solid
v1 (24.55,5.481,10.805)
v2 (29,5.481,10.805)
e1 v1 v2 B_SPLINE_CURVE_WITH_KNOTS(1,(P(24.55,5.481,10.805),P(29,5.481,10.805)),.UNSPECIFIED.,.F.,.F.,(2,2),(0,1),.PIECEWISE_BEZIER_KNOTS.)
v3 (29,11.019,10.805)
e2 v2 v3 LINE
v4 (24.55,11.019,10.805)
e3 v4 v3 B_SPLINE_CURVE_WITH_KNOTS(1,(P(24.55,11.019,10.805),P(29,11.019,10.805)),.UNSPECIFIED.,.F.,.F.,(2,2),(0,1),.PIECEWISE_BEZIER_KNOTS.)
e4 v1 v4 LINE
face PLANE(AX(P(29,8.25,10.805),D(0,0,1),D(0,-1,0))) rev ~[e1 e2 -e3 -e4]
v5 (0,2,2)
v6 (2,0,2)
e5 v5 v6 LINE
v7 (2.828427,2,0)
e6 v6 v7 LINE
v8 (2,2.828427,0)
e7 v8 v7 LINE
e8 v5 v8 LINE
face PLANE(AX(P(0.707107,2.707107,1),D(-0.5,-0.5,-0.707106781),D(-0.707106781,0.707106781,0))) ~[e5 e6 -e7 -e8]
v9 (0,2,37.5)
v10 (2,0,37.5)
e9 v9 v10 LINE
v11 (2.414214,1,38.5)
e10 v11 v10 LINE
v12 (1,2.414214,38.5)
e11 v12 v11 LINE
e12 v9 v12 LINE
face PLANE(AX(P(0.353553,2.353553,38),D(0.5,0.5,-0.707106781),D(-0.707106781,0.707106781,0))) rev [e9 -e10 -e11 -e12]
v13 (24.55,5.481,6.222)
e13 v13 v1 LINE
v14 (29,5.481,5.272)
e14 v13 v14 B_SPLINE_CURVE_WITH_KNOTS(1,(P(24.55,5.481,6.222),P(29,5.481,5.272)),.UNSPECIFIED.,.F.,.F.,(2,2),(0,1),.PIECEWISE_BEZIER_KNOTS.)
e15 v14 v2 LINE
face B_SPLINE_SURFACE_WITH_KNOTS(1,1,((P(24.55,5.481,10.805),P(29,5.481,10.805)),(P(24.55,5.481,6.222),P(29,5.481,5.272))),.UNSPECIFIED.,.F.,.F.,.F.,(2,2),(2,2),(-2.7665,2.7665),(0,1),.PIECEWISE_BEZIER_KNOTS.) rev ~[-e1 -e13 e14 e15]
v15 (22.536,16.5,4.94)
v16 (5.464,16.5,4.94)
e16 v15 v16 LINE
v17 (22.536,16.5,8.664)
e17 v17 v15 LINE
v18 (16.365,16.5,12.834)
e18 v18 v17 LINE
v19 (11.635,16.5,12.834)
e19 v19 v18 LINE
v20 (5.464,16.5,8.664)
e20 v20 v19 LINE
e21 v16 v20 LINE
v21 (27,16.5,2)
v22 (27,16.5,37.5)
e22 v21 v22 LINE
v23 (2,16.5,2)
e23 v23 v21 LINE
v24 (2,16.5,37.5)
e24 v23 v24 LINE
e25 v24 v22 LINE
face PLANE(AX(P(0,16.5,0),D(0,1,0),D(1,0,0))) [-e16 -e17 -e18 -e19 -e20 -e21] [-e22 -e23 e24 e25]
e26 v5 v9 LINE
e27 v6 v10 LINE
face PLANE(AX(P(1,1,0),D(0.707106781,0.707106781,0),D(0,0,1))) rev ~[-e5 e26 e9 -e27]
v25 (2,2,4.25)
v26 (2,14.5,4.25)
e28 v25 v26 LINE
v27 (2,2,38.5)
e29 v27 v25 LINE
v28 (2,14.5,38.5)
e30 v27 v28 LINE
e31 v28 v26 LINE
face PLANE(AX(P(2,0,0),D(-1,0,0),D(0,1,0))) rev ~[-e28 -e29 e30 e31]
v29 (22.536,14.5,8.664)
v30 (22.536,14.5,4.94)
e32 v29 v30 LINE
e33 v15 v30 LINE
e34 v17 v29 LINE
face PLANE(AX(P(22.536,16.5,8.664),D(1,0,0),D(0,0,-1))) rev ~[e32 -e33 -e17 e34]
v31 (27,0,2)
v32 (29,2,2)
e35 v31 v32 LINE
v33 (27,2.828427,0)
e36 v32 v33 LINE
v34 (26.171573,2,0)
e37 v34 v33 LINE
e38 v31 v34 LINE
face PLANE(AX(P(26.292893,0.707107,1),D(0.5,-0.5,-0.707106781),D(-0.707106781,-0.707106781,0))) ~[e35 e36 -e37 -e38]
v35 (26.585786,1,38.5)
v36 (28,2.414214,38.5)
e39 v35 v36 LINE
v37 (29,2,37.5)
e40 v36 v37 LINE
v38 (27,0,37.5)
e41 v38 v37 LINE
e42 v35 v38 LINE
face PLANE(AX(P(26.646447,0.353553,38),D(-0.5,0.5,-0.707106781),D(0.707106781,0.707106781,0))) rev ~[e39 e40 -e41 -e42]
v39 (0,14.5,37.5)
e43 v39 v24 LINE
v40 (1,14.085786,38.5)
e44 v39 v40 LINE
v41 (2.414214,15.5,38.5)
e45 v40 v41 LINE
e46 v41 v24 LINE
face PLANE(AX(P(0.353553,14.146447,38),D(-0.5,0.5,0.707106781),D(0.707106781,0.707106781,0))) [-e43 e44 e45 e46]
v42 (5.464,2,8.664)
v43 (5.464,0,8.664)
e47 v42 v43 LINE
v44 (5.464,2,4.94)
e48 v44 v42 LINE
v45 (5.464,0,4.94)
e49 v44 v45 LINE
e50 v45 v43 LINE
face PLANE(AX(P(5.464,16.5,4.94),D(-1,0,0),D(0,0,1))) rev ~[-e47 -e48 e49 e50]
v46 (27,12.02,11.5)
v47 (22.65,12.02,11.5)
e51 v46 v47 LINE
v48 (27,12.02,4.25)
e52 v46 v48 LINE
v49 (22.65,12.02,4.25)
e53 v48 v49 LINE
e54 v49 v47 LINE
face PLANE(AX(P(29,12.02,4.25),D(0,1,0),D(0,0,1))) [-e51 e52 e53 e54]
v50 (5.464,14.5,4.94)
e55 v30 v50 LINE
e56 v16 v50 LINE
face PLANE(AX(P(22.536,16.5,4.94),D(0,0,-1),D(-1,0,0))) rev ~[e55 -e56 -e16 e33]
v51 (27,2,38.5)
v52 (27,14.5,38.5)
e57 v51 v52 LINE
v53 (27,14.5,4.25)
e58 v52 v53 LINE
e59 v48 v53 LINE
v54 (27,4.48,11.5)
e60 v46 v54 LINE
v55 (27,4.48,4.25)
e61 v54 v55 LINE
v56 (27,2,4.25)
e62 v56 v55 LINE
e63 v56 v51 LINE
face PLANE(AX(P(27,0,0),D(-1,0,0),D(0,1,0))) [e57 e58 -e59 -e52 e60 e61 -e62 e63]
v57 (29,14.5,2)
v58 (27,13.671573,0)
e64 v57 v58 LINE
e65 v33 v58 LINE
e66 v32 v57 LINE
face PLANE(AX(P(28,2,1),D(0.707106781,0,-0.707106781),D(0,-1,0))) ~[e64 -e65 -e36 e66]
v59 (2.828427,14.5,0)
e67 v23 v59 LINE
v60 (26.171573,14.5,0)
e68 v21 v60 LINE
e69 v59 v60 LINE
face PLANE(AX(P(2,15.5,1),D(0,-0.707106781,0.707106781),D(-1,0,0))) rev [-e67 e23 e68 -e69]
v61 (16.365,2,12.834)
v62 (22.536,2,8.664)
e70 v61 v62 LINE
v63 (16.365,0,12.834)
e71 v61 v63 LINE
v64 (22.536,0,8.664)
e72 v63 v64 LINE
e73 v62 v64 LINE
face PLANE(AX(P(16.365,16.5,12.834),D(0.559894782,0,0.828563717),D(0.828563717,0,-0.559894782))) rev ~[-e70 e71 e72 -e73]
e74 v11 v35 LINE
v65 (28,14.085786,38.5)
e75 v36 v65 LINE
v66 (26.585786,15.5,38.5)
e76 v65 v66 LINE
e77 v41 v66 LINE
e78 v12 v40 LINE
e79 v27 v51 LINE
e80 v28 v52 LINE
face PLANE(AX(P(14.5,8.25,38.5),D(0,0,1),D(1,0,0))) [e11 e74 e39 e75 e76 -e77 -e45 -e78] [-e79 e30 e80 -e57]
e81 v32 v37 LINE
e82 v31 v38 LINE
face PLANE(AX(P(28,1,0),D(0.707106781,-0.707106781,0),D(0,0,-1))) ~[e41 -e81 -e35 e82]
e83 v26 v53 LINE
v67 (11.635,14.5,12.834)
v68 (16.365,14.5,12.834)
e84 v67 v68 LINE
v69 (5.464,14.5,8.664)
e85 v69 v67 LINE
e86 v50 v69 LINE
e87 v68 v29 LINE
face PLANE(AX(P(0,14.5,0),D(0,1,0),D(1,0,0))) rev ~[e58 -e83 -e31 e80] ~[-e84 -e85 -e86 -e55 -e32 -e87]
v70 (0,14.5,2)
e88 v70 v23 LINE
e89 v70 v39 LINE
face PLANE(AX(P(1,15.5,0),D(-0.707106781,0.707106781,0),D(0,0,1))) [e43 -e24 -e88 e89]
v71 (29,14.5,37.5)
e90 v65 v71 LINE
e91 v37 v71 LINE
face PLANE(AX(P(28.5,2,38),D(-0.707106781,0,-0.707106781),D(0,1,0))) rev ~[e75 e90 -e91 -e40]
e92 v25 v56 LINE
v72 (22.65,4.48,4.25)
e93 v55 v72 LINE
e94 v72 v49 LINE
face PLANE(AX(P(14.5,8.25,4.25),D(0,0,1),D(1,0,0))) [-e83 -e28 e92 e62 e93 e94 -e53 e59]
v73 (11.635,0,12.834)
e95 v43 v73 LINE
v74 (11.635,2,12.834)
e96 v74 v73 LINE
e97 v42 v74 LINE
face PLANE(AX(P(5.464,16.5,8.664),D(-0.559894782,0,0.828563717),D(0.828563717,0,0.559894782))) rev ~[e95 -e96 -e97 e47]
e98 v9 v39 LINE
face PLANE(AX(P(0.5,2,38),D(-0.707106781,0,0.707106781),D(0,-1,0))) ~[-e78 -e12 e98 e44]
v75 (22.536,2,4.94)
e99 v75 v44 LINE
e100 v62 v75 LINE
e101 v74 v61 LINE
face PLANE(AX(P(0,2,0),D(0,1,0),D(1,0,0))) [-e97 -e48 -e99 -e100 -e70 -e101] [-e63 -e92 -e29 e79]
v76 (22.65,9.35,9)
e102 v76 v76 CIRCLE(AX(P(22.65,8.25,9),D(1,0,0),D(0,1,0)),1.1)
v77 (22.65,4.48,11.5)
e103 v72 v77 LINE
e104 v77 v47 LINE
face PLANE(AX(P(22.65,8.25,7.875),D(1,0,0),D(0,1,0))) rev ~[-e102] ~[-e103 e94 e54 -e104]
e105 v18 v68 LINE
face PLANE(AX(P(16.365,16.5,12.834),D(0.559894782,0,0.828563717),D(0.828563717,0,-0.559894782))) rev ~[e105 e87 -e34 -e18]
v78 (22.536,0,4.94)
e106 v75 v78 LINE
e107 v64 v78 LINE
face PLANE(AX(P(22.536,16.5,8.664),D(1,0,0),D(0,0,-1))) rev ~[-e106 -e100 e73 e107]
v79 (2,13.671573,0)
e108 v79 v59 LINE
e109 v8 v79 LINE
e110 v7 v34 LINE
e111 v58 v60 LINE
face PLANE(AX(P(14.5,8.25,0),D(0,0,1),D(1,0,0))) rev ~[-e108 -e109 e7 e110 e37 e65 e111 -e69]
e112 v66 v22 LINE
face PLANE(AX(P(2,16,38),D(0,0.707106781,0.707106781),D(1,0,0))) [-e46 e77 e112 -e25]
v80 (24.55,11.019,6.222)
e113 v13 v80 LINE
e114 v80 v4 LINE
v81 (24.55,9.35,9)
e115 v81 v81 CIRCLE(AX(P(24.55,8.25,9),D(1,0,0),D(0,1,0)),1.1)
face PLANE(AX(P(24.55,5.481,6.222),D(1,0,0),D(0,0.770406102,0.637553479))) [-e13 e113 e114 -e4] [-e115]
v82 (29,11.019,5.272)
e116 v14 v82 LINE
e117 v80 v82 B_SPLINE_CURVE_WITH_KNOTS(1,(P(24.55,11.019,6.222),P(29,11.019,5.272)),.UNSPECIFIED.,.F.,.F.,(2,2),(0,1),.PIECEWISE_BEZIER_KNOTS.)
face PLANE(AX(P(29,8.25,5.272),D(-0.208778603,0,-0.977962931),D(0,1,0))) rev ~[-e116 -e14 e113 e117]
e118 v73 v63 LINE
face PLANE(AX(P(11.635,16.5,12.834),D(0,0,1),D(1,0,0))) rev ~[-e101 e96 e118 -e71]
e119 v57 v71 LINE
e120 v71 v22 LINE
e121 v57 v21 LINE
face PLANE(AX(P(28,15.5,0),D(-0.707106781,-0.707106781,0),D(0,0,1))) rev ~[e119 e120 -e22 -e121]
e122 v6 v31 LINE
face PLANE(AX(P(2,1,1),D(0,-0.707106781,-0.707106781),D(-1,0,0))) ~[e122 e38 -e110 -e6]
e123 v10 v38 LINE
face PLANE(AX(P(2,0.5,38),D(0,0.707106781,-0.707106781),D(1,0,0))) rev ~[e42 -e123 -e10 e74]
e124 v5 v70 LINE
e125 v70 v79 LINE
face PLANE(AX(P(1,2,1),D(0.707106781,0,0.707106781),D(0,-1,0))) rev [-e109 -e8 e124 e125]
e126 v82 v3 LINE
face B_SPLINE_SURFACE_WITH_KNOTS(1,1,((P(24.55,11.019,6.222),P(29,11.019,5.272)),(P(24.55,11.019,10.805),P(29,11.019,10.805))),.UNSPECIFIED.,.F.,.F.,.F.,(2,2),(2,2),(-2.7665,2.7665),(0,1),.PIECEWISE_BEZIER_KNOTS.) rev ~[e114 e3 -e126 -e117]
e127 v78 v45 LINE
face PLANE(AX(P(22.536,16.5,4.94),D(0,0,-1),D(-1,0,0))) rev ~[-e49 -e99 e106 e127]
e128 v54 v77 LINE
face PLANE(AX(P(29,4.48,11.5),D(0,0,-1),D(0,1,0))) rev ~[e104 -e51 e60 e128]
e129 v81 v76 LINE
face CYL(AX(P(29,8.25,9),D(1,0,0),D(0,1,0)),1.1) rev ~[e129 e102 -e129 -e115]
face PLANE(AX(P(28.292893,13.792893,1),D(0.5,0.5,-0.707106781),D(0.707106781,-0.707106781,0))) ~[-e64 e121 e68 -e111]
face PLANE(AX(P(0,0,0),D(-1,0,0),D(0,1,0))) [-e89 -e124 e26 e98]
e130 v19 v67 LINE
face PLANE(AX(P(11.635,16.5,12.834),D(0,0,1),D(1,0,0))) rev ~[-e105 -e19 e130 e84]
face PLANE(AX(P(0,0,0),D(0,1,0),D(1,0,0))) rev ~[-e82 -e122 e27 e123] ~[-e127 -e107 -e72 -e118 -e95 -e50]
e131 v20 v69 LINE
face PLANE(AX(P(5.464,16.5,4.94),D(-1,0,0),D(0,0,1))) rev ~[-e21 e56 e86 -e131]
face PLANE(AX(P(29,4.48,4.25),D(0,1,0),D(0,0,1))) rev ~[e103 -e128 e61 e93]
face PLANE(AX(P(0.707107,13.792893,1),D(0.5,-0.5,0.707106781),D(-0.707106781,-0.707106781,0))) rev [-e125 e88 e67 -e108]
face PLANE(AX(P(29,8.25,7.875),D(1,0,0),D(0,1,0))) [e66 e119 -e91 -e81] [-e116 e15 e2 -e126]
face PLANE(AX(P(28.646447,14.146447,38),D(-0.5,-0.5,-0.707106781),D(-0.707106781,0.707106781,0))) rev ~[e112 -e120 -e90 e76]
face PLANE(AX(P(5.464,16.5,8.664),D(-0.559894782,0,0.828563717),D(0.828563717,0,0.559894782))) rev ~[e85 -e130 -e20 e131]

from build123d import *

# Parameters (mm, degrees)
F0_W      = 29
F0_H      = 16.5
F1_DEPTH  = 38.5
F2_T      = -2
F3_DEPTH  = 2.25
F4_SIZE   = 2
F5_SIZE   = 2
F6_SIZE   = 1
F8_DEPTH  = 16.501
F9_W      = 7.54
F9_H      = 7.25
F9_R      = 1.1
F10_DEPTH = 6.35
F13_W     = 5.538
F13_H     = 4.583
F11_W     = 5.538
F11_H     = 5.533


with BuildPart() as f1:
    # F0 (on Top) → F1 (new body)
    with BuildSketch(Plane.XY):
        with Locations((14.5, 8.25)):
            Rectangle(F0_W, F0_H)
    extrude(amount=F1_DEPTH)

    # F2
    f2_openings = [f1.faces().sort_by_distance(p)[0] for p in [
        (14.5, 8.25, 38.5),
    ]]
    offset(amount=F2_T, openings=f2_openings)

    # F3 (add): a face of the model
    f3_faces = [f1.faces().sort_by_distance(p)[0] for p in [
        (14.5, 8.25, 2),
    ]]
    extrude(f3_faces, amount=F3_DEPTH)

    # F4
    f4_edges = [f1.edges().sort_by_distance(p)[0] for p in [
        (29, 0, 19.25),
        (29, 16.5, 19.25),
        (0, 0, 19.25),
        (0, 16.5, 19.25),
    ]]
    chamfer(f4_edges, length=F4_SIZE)

    # F5
    f5_edges = [f1.edges().sort_by_distance(p)[0] for p in [
        (0, 8.25, 0),
        (1, 15.5, 0),
        (1, 1, 0),
        (14.5, 16.5, 0),
        (14.5, 0, 0),
        (28, 15.5, 0),
        (28, 1, 0),
        (29, 8.25, 0),
    ]]
    chamfer(f5_edges, length=F5_SIZE)

    # F6
    f6_edges = [f1.edges().sort_by_distance(p)[0] for p in [
        (29, 8.25, 38.5),
        (28, 1, 38.5),
        (14.5, 0, 38.5),
        (1, 1, 38.5),
        (0, 8.25, 38.5),
        (1, 15.5, 38.5),
        (14.5, 16.5, 38.5),
        (28, 15.5, 38.5),
    ]]
    chamfer(f6_edges, length=F6_SIZE)

    # F7 (on face) → F8 (cut, through all)
    with BuildSketch(Plane(origin=(0, 16.5, 0), x_dir=(-1, 0, 0), z_dir=(0, 1, 0))):
        Polygon((-22.536, 8.664), (-22.536, 4.94), (-5.464, 4.94), (-5.464, 8.664), (-11.635, 12.834), (-16.365, 12.834), align=None)
    extrude(amount=-F8_DEPTH, mode=Mode.SUBTRACT)

    # F9 (on face) → F10 (join)
    with BuildSketch(Plane.YZ.offset(29)):
        with Locations((8.25, 7.875)):
            Rectangle(F9_W, F9_H)
        with Locations((8.25, 9)):
            Circle(F9_R, mode=Mode.SUBTRACT)
    extrude(amount=-F10_DEPTH)

    # F13 (on offset) → F14 section 0
    with BuildSketch(Plane.YZ.offset(24.55)):
        with Locations((8.25, 8.5135)):
            Rectangle(F13_W, F13_H)
    # F11 (on face) → F14 section 1
    with BuildSketch(Plane.YZ.offset(29)):
        with Locations((8.25, 8.0385)):
            Rectangle(F11_W, F11_H)
    loft(mode=Mode.SUBTRACT)


solid = f1.part
